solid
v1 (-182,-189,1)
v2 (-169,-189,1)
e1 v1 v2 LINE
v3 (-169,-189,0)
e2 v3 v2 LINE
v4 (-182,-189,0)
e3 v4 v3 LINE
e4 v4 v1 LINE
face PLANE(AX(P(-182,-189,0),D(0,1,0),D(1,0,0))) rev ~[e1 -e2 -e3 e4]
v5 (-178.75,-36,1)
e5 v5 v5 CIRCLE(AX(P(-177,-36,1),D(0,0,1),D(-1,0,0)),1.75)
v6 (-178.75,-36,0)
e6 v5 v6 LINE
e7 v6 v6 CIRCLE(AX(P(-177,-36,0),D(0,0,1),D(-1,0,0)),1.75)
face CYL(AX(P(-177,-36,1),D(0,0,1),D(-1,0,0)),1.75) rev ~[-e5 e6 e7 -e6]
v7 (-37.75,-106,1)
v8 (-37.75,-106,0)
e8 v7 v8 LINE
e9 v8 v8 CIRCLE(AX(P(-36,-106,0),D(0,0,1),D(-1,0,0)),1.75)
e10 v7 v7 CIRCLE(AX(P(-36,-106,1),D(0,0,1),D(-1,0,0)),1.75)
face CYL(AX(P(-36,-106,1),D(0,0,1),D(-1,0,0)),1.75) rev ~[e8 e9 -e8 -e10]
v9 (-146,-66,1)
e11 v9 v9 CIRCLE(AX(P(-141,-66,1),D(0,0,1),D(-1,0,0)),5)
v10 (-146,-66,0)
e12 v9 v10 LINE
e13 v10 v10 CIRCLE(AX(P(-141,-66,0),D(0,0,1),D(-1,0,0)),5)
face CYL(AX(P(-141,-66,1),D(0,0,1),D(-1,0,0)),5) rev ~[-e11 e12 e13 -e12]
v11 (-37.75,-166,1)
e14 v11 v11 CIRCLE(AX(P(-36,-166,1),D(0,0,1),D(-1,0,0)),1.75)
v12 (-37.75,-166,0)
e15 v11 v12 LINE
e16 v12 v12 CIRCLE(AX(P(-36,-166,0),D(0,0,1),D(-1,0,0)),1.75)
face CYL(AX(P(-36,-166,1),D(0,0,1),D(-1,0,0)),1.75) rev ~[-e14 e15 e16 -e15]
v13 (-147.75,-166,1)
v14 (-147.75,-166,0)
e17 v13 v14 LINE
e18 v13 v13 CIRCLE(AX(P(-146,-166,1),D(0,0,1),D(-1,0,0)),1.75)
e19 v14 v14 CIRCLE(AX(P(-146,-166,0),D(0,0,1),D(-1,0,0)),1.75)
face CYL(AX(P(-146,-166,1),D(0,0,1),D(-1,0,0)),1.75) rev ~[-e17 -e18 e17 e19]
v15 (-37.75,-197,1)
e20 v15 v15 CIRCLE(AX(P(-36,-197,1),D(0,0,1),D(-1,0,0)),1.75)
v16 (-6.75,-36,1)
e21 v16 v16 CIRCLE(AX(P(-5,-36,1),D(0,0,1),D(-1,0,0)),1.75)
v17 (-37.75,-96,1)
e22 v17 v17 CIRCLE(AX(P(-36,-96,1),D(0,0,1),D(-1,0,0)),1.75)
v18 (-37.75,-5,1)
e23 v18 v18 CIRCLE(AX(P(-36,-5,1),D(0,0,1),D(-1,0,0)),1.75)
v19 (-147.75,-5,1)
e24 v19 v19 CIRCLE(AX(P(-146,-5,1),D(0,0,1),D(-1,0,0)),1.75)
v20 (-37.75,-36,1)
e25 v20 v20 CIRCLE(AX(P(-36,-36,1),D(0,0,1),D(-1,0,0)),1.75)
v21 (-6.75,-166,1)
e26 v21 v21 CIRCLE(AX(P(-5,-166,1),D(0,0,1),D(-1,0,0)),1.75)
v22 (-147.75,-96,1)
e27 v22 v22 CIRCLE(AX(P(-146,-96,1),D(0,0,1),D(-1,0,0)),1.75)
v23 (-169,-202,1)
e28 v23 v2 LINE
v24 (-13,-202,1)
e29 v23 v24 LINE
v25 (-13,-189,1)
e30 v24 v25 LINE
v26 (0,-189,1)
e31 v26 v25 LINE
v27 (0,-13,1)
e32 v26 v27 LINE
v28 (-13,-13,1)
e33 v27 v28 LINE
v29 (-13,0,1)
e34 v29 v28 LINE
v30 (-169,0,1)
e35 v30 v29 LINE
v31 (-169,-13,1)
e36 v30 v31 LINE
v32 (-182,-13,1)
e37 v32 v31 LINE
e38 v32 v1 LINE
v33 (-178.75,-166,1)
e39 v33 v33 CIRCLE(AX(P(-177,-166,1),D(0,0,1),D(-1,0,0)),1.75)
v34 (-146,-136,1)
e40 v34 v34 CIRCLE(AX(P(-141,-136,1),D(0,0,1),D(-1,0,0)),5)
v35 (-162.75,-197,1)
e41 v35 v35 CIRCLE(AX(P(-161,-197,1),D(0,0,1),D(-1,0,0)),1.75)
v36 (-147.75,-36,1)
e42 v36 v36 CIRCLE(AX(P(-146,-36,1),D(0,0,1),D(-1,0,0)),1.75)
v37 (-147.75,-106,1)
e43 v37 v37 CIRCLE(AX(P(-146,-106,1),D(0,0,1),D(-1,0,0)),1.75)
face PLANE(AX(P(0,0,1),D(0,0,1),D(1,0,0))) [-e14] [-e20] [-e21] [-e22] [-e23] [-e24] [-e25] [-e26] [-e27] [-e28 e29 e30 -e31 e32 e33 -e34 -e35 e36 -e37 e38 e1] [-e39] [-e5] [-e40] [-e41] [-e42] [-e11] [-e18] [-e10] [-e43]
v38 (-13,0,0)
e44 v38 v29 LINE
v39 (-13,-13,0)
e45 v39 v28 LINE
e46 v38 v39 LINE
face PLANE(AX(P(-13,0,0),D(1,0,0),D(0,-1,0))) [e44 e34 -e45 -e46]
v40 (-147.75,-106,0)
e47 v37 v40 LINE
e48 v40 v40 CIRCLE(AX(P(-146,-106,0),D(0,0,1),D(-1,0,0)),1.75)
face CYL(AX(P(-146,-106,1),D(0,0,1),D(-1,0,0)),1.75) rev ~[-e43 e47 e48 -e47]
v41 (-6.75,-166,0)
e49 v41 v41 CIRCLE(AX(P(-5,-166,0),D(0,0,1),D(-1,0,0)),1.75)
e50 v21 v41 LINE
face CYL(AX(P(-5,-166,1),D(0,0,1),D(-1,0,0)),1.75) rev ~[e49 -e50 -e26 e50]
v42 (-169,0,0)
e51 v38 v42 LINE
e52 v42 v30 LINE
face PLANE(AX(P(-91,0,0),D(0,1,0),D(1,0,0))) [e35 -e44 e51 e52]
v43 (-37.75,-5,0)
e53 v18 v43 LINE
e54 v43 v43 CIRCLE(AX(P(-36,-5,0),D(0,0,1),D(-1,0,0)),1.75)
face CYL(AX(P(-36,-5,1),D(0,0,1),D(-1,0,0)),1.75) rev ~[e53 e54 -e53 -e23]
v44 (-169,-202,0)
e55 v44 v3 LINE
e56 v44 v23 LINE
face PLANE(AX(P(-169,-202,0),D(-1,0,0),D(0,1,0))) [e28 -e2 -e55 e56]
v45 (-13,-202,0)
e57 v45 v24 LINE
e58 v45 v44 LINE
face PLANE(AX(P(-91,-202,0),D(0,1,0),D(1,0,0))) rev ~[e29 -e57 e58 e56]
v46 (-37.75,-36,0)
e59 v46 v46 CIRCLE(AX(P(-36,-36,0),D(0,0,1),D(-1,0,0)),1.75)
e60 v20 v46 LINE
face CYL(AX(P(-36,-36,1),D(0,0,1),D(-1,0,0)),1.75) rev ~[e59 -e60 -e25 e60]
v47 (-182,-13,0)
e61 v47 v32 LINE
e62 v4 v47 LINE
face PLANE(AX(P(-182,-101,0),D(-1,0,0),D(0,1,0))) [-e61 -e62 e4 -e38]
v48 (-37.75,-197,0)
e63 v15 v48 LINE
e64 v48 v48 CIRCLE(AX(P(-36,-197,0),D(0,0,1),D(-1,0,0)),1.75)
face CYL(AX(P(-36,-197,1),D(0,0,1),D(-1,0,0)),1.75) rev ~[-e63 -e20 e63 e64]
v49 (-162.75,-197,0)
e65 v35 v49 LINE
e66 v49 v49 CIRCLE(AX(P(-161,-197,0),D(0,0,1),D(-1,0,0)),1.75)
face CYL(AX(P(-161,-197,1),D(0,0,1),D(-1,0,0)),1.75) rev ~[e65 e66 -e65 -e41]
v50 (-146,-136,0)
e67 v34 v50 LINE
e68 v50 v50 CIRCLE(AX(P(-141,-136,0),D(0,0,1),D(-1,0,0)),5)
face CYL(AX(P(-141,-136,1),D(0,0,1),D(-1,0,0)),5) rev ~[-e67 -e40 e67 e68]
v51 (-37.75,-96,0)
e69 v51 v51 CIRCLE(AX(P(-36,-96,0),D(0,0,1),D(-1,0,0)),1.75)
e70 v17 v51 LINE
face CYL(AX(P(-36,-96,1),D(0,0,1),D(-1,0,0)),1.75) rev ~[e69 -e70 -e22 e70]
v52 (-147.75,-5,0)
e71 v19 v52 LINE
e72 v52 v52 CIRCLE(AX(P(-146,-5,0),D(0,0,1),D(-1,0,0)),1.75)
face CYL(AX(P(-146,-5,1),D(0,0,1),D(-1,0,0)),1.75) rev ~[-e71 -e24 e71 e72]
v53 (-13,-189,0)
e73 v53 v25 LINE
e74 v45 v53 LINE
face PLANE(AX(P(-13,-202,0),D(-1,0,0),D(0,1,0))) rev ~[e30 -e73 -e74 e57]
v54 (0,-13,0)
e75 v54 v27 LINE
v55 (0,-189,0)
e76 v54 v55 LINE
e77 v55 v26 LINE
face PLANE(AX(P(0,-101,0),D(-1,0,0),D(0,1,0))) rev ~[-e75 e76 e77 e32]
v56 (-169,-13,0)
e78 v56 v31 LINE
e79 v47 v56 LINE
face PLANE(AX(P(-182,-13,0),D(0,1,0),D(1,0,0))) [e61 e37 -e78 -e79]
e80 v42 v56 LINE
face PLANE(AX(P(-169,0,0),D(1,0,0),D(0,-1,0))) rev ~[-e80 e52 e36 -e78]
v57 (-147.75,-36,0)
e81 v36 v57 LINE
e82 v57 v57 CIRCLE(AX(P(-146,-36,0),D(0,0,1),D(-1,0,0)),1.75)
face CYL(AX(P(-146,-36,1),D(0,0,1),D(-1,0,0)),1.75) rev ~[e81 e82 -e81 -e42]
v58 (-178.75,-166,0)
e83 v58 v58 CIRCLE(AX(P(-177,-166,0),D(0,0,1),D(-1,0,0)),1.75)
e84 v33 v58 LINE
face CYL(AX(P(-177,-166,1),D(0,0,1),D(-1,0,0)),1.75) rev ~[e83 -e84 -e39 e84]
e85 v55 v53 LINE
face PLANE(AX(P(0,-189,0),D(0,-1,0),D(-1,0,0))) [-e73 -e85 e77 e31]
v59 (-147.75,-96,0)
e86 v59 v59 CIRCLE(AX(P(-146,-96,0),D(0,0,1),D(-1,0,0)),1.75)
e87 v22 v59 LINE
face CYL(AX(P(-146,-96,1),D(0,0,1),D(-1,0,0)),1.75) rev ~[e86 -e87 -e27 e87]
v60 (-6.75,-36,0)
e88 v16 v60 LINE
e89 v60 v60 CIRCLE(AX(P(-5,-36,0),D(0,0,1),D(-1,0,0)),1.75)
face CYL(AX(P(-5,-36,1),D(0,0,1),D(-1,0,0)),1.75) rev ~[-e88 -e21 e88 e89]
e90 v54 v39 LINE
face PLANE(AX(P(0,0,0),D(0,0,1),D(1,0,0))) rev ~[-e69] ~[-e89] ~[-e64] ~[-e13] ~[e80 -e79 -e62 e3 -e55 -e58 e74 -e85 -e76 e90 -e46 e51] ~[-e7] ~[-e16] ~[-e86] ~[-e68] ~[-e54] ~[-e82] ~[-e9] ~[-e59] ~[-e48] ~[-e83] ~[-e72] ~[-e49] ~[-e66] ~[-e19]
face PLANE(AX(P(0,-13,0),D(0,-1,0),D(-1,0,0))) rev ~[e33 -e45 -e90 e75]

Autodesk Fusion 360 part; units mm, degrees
sketch "Sketch1" plane through (0, 0, 0) normal (0, 0, 1) x (1, 0, 0) in component "Hot Plate Mounting Plate"
  line L0 (0, 0) -> (-182, 0) construction
  line L1 (-182, 0) -> (-182, -202) construction
  line L2 (-182, -202) -> (0, -202) construction
  line L3 (0, -202) -> (0, 0) construction
  line L4 (-91, -202) -> (-91, 0) construction
  line L5 (0, -101) -> (-182, -101) construction
  line L6 (-91, 0) -> (-13, 0)
  line L7 (-91, 0) -> (-169, 0)
  line L8 (-91, -202) -> (-13, -202)
  line L9 (-91, -202) -> (-169, -202)
  line L10 (0, -101) -> (0, -13)
  line L11 (0, -101) -> (0, -189)
  line L12 (-182, -101) -> (-182, -189)
  line L13 (-182, -101) -> (-182, -13)
  line L14 (-182, -13) -> (0, -13) construction
  line L15 (0, -189) -> (-182, -189) construction
  line L16 (-13, -202) -> (-13, 0) construction
  line L17 (-169, 0) -> (-169, -202) construction
  line L18 (0, -189) -> (-13, -189)
  line L19 (-13, -202) -> (-13, -189)
  line L20 (-169, -202) -> (-169, -189)
  line L21 (-182, -189) -> (-169, -189)
  line L22 (0, -13) -> (-13, -13)
  line L23 (-13, 0) -> (-13, -13)
  line L24 (-169, 0) -> (-169, -13)
  line L25 (-182, -13) -> (-169, -13)
  dimension "d1" = 182
  dimension "d2" = 202
  dimension "d3" = 78
  dimension "d4" = 78
  dimension "d5" = 78
  dimension "d6" = 78
  dimension "d7" = 88
  dimension "d8" = 88
  dimension "d9" = 88
  dimension "d10" = 88
extrude "Extrude1" add sketch "Sketch1" along normal blind 1 in component "Hot Plate Mounting Plate"
sketch "Sketch3" plane through (0, 0, 1) normal (0, 0, 1) x (-1, 0, 0) in component "Hot Plate Mounting Plate"
  line L0 (182, 13) -> (182, 189)
  line L1 (182, 189) -> (169, 189)
  line L2 (169, 189) -> (169, 202)
  line L3 (169, 202) -> (13, 202)
  line L4 (13, 202) -> (13, 189)
  line L5 (13, 189) -> (0, 189)
  line L6 (0, 189) -> (0, 13)
  line L7 (0, 13) -> (13, 13)
  line L8 (13, 13) -> (13, 0)
  line L9 (13, 0) -> (169, 0)
  line L10 (169, 0) -> (169, 13)
  line L11 (169, 13) -> (182, 13)
  line L12 (177, 13) -> (177, 189) construction
  line L13 (169, 5) -> (13, 5) construction
  line L14 (5, 13) -> (5, 189) construction
  line L15 (13, 197) -> (169, 197) construction
  line L16 (182, 36) -> (0, 36) construction
  line L17 (182, 166) -> (0, 166) construction
  line L18 (146, 0) -> (146, 202) construction
  line L19 (36, 0) -> (36, 202) construction
  circle A0 centre (146, 5) radius 1.75
  circle A1 centre (177, 36) radius 1.75
  circle A2 centre (177, 166) radius 1.75
  circle A3 centre (36, 197) radius 1.75
  circle A4 centre (5, 166) radius 1.75
  circle A5 centre (5, 36) radius 1.75
  circle A6 centre (36, 5) radius 1.75
  line L20 (161, 202) -> (161, 0) construction
  circle A7 centre (161, 197) radius 1.75
  dimension "d44" = 5
  dimension "d45" = 5
  dimension "d46" = 5
  dimension "d47" = 5
  dimension "d48" = 23
  dimension "d49" = 23
  dimension "d50" = 23
  dimension "d51" = 23
  dimension "d52" = 3.5
  dimension "d53" = 3.5
  dimension "d54" = 3.5
  dimension "d56" = 3.5
  dimension "d57" = 3.5
  dimension "d60" = 3.5
  dimension "d61" = 3.5
  dimension "d62" = 8
  dimension "d63" = 3.5
extrude "Extrude3" cut sketch "Sketch3" against normal up to surface (1 mm away) contours A0 | A1 | A2 | A3 | A4 | A5 | A6 | A7 in component "Hot Plate Mounting Plate"
sketch "Sketch4" plane through (0, 0, 1) normal (0, 0, 1) x (-1, 0, 0) in component "Hot Plate Mounting Plate"
  circle A0 centre (5, 36) radius 1.75
  circle A1 centre (5, 166) radius 1.75
  circle A2 centre (177, 166) radius 1.75
  circle A3 centre (36, 5) radius 1.75
  circle A4 centre (146, 5) radius 1.75
  circle A5 centre (36, 197) radius 1.75
  circle A6 centre (177, 36) radius 1.75
  circle A7 centre (161, 197) radius 1.75
  line L0 (182, 13) -> (182, 189)
  line L1 (182, 189) -> (169, 189)
  line L2 (169, 189) -> (169, 202)
  line L3 (169, 202) -> (13, 202)
  line L4 (13, 202) -> (13, 189)
  line L5 (13, 189) -> (0, 189)
  line L6 (0, 189) -> (0, 13)
  line L7 (0, 13) -> (13, 13)
  line L8 (13, 13) -> (13, 0)
  line L9 (13, 0) -> (169, 0)
  line L10 (169, 0) -> (169, 13)
  line L11 (169, 13) -> (182, 13)
  line L12 (182, 101) -> (0, 101) construction
  line L13 (91, 0) -> (91, 202) construction
  line L14 (31, 31) -> (151, 31) construction
  line L15 (151, 31) -> (151, 171) construction
  line L16 (151, 171) -> (31, 171) construction
  line L17 (31, 171) -> (31, 31) construction
  line L18 (31, 31) -> (151, 171) construction
  line L19 (151, 31) -> (31, 171) construction
  line L20 (146, 31) -> (146, 171) construction
  line L21 (151, 36) -> (31, 36) construction
  line L22 (36, 31) -> (36, 171) construction
  line L23 (151, 166) -> (31, 166) construction
  circle A8 centre (146, 36) radius 1.75
  line L24 (151, 96) -> (31, 96) construction
  line L25 (151, 106) -> (31, 106) construction
  circle A9 centre (146, 96) radius 1.75
  circle A10 centre (36, 96) radius 1.75
  circle A11 centre (146, 106) radius 1.75
  circle A12 centre (36, 106) radius 1.75
  circle A13 centre (146, 166) radius 1.75
  circle A14 centre (36, 166) radius 1.75
  circle A15 centre (36, 36) radius 1.75
  line L26 (151, 66) -> (31, 66) construction
  line L27 (151, 136) -> (31, 136) construction
  line L28 (141, 31) -> (141, 171) construction
  circle A16 centre (141, 66) radius 5
  circle A17 centre (141, 136) radius 5
  point P0 (91, 101)
  dimension "d64" = 120
  dimension "d65" = 140
  dimension "d66" = 5
  dimension "d67" = 5
  dimension "d68" = 5
  dimension "d69" = 5
  dimension "d70" = 3.5
  dimension "d71" = 5
  dimension "d72" = 5
  dimension "d73" = 3.5
  dimension "d74" = 3.5
  dimension "d75" = 3.5
  dimension "d76" = 3.5
  dimension "d77" = 3.5
  dimension "d78" = 3.5
  dimension "d79" = 3.5
  dimension "d83" = 35
  dimension "d84" = 35
  dimension "d85" = 10
  dimension "d86" = 10
  dimension "d87" = 10
extrude "Extrude4" cut sketch "Sketch4" against normal up to surface (1 mm away) contours A8 | A9 | A10 | A11 | A12 | A13 | A14 | A15 | A16 | A17 in component "Hot Plate Mounting Plate"
component "Hot Plate Mounting Plate" placed x (1, 0, 0) y (0, 1, 0) z (0, 0, 1) at (0, 0, 0)
